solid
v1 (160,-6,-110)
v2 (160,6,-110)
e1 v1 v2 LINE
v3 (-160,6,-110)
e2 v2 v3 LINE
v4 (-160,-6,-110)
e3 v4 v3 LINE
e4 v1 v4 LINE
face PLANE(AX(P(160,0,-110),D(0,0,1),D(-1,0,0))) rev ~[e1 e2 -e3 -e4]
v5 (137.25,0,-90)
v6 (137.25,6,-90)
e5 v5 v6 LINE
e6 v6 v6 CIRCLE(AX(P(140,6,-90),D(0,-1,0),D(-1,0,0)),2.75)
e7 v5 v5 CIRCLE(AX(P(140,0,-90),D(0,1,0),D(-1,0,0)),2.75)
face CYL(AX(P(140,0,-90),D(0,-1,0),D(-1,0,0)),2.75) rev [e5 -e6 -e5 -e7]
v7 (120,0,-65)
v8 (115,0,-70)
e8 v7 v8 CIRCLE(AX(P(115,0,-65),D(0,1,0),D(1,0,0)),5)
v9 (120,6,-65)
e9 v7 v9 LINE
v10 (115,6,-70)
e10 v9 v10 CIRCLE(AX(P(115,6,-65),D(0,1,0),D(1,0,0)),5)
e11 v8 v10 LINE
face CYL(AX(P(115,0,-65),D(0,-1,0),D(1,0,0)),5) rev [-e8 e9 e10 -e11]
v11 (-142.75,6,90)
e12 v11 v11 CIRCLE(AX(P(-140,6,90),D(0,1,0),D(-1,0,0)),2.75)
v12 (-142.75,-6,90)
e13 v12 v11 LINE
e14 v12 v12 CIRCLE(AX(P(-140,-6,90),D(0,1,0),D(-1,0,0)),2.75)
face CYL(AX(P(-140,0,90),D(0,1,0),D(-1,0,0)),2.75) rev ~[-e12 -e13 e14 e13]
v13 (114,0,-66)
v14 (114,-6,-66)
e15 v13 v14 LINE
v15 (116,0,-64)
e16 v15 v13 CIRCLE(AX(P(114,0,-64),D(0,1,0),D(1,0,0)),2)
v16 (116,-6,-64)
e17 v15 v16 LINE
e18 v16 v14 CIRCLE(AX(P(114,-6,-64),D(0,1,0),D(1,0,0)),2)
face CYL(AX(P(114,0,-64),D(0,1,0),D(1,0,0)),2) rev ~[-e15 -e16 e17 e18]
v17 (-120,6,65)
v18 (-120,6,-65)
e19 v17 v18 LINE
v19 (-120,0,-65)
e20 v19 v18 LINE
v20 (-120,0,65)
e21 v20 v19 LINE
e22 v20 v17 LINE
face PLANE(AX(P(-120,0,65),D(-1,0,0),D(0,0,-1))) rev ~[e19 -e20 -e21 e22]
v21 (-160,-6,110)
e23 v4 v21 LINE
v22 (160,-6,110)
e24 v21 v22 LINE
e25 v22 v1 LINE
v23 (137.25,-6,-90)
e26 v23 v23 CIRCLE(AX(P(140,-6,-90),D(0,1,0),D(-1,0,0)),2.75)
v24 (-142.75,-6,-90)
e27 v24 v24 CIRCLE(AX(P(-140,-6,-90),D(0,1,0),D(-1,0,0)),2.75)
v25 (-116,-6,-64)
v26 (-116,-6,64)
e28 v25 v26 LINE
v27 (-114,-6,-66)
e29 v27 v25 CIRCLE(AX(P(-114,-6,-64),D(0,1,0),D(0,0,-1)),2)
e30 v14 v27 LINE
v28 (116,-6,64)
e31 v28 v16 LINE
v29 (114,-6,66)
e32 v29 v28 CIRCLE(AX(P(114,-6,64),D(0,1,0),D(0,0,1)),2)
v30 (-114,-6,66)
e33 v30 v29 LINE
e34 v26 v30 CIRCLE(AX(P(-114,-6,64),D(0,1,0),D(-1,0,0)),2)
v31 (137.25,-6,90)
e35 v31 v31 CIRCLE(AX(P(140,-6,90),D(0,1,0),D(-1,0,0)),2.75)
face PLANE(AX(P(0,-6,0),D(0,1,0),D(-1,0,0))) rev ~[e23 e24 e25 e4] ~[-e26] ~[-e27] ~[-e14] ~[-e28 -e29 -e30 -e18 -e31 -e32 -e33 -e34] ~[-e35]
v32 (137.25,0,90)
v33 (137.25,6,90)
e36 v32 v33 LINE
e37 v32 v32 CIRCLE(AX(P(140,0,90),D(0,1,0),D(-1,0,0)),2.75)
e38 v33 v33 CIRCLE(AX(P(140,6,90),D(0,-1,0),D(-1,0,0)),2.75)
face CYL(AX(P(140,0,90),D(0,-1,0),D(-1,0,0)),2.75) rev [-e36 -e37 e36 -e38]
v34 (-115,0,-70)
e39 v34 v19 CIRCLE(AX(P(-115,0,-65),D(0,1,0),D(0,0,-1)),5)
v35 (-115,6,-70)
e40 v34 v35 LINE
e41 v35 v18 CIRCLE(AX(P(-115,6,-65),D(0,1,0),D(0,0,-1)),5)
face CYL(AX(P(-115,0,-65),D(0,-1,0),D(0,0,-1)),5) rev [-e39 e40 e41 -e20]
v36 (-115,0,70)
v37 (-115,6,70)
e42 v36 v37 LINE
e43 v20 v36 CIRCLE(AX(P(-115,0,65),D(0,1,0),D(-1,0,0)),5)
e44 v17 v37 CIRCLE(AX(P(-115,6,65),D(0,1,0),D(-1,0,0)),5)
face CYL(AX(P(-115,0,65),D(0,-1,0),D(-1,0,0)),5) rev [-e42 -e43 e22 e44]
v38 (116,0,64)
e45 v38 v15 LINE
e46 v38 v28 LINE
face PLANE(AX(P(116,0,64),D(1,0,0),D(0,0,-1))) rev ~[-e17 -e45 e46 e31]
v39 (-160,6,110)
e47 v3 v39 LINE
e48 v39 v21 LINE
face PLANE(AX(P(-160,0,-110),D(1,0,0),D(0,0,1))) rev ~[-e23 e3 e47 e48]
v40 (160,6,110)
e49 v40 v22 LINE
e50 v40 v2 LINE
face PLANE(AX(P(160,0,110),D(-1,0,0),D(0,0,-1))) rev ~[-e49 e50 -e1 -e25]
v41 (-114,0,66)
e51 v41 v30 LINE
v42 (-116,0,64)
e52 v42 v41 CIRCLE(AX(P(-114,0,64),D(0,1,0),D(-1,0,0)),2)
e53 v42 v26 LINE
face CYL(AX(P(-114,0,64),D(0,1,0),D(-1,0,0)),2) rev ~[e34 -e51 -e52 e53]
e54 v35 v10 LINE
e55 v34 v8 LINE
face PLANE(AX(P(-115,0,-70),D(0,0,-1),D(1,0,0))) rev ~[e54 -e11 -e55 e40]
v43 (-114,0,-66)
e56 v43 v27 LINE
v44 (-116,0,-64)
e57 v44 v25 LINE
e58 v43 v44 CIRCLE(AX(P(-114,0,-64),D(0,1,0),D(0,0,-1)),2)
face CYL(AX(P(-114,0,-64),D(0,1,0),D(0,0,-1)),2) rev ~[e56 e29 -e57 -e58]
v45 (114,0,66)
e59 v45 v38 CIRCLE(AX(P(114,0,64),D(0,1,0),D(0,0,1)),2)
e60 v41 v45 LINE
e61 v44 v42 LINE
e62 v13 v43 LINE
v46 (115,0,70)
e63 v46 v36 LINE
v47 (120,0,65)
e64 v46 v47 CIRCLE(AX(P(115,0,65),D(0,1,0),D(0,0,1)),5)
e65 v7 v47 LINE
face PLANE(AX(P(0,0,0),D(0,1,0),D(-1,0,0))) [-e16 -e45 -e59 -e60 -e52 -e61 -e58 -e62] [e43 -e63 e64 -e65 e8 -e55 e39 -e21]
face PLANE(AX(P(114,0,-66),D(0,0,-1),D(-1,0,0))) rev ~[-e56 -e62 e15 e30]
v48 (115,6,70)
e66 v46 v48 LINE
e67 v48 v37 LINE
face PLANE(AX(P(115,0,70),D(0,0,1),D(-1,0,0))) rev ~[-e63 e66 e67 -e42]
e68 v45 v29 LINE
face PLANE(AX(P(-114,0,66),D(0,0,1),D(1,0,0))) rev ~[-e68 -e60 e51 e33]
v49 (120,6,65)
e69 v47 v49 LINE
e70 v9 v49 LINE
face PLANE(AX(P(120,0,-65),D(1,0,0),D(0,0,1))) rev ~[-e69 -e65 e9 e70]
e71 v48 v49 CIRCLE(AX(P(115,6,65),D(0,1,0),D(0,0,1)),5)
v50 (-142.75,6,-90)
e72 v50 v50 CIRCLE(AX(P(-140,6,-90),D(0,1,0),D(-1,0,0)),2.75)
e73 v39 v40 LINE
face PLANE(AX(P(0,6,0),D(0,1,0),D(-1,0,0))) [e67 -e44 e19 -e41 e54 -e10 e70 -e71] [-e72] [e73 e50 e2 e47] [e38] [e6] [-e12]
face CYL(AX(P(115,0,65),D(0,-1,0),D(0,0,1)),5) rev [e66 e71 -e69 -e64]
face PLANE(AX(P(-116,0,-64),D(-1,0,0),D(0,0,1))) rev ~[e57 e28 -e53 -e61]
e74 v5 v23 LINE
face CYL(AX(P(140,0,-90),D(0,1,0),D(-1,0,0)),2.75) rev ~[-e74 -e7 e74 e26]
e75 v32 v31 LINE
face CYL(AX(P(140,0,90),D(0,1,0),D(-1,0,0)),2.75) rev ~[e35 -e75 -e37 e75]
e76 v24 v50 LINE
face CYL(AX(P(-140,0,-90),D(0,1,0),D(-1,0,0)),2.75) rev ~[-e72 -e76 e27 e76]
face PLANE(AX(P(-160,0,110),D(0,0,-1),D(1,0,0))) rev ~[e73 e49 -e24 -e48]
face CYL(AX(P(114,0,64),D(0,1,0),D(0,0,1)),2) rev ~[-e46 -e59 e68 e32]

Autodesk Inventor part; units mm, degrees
ref_plane "YZ Plane" through (0, 0, 0) normal (1, 0, 0) x (0, 1, 0)
ref_plane "XZ Plane" through (0, 0, 0) normal (0, 1, 0) x (-1, 0, 0)
ref_plane "XY Plane" through (0, 0, 0) normal (0, 0, 1) x (1, 0, 0)
sketch "Skizze1" plane through (0, 0, 0) normal (0, 1, 0) x (-1, 0, 0)
  arc A0 (-116, -64) -> (-114, -66) centre (-114, -64) ccw
  arc A1 (-114, -62) -> (-112, -64) centre (-112, -62) ccw
  line L0 (-114, -62) -> (-114, 62)
  line L1 (-116, 64) -> (-116, -64)
  line L2 (-120, -65) -> (-120, 65)
  line L3 (112, -64) -> (-112, -64)
  line L4 (-114, -66) -> (114, -66)
  line L5 (115, -70) -> (-115, -70)
  line L6 (-112, 64) -> (112, 64)
  line L7 (114, 64) -> (-114, -64) construction
  line L8 (114, 66) -> (-114, 66)
  line L9 (-116, 66) -> (116, -66) construction
  line L10 (-116, -66) -> (116, 66) construction
  line L11 (-115, 70) -> (115, 70)
  line L12 (120, 70) -> (-120, -70) construction
  line L13 (120, -70) -> (-120, 70) construction
  line L14 (114, -64) -> (-114, 64) construction
  line L15 (120, 65) -> (120, -65)
  arc A2 (-120, -65) -> (-115, -70) centre (-115, -65) ccw
  arc A3 (-112, 64) -> (-114, 62) centre (-112, 62) ccw
  arc A4 (-115, 70) -> (-120, 65) centre (-115, 65) ccw
  arc A5 (-114, 66) -> (-116, 64) centre (-114, 64) ccw
  arc A6 (120, 65) -> (115, 70) centre (115, 65) ccw
  arc A7 (115, -70) -> (120, -65) centre (115, -65) ccw
  line L16 (116, -64) -> (116, 64)
  arc A8 (114, -66) -> (116, -64) centre (114, -64) ccw
  arc A9 (112, -64) -> (114, -62) centre (112, -62) ccw
  line L17 (114, 62) -> (114, -62)
  arc A10 (114, 62) -> (112, 64) centre (112, 62) ccw
  arc A11 (116, 64) -> (114, 66) centre (114, 64) ccw
  line L18 (-160, -110) -> (160, -110)
  line L19 (160, -110) -> (160, 110)
  line L20 (160, 110) -> (-160, 110)
  line L21 (-160, 110) -> (-160, -110)
  line L22 (-160, -110) -> (160, 110) construction
  line L23 (160, -110) -> (-160, 110) construction
  circle A12 centre (-140, -90) radius 2.75
  line L24 (140, 90) -> (-140, 90)
  line L25 (-140, 90) -> (-140, -90)
  line L26 (-140, -90) -> (140, -90)
  line L27 (140, -90) -> (140, 90)
  line L28 (140, 90) -> (-140, -90) construction
  line L29 (-140, 90) -> (140, -90) construction
  circle A13 centre (140, -90) radius 2.75
  circle A14 centre (140, 90) radius 2.75
  circle A15 centre (-140, 90) radius 2.75
  point P0 (0, 0)
  point P1 (0, 0)
  point P2 (0, 0)
  point P3 (0, 0)
  point P4 (0, 0)
  point P5 (0, 0)
  point P6 (0, 0)
  dimension "d0" = 140
  dimension "d1" = 240
  dimension "d2" = 5
  dimension "d3" = 232
  dimension "d4" = 132
  dimension "d5" = 2
  dimension "d6" = 128
  dimension "d7" = 228
  dimension "d8" = 2
  dimension "d19" = 40
  dimension "d20" = 40
  dimension "d21" = 5.5
  dimension "d23" = 20
  dimension "d24" = 20
extrude "Extrusion1" add sketch "Skizze1" along normal blind 6 contours L21 L20 L19 L18 | L26 L25 A12 | A12 L25 L26 | A12 L25 A15 L24 A14 L27 A13 L26 | A13 L27 L26 | L26 L27 A13 | A15 L24 L25 | L25 L24 A15 | A14 L24 L27 | L27 L24 A14
extrude "Extrusion2" add sketch "Skizze1" against normal blind 6 contours L2 A4 L11 A6 L15 A7 L5 A2 | L21 L20 L19 L18 | L26 L25 A12 | A12 L25 L26 | A12 L25 A15 L24 A14 L27 A13 L26 | A13 L27 L26 | L26 L27 A13 | A15 L24 L25 | L25 L24 A15 | A14 L24 L27 | L27 L24 A14
extrude "Extrusion3" cut sketch "Skizze1" along normal through all both and the other way through all contours L26 L25 A12 | A12 L25 L26 | A13 L27 L26 | L26 L27 A13 | A15 L24 L25 | L25 L24 A15 | A14 L24 L27 | L27 L24 A14
equation "\"d14\" = mdf_thickness"
equation "\"d16\" = mdf_thickness"
equation "\"d10\" = 6"
equation "\"kg_thickness\" = 4.9"
equation "\"ht_thickness\" = 1.9"
equation "\"case_thickness\" = 18"
equation "\"inner_thickness\" = 15"
equation "\"gap_fit\" = 0.1"
equation "\"gap_slide\" = 0.2"
equation "\"gap_air\" = 1"
equation "\"bore_diameter\" = 73"
equation "\"mdf_thickness\" = 6"
equation "\"tape_width\" = 15"
equation "\"tape_thickness\" = 3"
equation "\"inner_depth\" = 255"
properties part number "Flachfilter_Rahmen"
